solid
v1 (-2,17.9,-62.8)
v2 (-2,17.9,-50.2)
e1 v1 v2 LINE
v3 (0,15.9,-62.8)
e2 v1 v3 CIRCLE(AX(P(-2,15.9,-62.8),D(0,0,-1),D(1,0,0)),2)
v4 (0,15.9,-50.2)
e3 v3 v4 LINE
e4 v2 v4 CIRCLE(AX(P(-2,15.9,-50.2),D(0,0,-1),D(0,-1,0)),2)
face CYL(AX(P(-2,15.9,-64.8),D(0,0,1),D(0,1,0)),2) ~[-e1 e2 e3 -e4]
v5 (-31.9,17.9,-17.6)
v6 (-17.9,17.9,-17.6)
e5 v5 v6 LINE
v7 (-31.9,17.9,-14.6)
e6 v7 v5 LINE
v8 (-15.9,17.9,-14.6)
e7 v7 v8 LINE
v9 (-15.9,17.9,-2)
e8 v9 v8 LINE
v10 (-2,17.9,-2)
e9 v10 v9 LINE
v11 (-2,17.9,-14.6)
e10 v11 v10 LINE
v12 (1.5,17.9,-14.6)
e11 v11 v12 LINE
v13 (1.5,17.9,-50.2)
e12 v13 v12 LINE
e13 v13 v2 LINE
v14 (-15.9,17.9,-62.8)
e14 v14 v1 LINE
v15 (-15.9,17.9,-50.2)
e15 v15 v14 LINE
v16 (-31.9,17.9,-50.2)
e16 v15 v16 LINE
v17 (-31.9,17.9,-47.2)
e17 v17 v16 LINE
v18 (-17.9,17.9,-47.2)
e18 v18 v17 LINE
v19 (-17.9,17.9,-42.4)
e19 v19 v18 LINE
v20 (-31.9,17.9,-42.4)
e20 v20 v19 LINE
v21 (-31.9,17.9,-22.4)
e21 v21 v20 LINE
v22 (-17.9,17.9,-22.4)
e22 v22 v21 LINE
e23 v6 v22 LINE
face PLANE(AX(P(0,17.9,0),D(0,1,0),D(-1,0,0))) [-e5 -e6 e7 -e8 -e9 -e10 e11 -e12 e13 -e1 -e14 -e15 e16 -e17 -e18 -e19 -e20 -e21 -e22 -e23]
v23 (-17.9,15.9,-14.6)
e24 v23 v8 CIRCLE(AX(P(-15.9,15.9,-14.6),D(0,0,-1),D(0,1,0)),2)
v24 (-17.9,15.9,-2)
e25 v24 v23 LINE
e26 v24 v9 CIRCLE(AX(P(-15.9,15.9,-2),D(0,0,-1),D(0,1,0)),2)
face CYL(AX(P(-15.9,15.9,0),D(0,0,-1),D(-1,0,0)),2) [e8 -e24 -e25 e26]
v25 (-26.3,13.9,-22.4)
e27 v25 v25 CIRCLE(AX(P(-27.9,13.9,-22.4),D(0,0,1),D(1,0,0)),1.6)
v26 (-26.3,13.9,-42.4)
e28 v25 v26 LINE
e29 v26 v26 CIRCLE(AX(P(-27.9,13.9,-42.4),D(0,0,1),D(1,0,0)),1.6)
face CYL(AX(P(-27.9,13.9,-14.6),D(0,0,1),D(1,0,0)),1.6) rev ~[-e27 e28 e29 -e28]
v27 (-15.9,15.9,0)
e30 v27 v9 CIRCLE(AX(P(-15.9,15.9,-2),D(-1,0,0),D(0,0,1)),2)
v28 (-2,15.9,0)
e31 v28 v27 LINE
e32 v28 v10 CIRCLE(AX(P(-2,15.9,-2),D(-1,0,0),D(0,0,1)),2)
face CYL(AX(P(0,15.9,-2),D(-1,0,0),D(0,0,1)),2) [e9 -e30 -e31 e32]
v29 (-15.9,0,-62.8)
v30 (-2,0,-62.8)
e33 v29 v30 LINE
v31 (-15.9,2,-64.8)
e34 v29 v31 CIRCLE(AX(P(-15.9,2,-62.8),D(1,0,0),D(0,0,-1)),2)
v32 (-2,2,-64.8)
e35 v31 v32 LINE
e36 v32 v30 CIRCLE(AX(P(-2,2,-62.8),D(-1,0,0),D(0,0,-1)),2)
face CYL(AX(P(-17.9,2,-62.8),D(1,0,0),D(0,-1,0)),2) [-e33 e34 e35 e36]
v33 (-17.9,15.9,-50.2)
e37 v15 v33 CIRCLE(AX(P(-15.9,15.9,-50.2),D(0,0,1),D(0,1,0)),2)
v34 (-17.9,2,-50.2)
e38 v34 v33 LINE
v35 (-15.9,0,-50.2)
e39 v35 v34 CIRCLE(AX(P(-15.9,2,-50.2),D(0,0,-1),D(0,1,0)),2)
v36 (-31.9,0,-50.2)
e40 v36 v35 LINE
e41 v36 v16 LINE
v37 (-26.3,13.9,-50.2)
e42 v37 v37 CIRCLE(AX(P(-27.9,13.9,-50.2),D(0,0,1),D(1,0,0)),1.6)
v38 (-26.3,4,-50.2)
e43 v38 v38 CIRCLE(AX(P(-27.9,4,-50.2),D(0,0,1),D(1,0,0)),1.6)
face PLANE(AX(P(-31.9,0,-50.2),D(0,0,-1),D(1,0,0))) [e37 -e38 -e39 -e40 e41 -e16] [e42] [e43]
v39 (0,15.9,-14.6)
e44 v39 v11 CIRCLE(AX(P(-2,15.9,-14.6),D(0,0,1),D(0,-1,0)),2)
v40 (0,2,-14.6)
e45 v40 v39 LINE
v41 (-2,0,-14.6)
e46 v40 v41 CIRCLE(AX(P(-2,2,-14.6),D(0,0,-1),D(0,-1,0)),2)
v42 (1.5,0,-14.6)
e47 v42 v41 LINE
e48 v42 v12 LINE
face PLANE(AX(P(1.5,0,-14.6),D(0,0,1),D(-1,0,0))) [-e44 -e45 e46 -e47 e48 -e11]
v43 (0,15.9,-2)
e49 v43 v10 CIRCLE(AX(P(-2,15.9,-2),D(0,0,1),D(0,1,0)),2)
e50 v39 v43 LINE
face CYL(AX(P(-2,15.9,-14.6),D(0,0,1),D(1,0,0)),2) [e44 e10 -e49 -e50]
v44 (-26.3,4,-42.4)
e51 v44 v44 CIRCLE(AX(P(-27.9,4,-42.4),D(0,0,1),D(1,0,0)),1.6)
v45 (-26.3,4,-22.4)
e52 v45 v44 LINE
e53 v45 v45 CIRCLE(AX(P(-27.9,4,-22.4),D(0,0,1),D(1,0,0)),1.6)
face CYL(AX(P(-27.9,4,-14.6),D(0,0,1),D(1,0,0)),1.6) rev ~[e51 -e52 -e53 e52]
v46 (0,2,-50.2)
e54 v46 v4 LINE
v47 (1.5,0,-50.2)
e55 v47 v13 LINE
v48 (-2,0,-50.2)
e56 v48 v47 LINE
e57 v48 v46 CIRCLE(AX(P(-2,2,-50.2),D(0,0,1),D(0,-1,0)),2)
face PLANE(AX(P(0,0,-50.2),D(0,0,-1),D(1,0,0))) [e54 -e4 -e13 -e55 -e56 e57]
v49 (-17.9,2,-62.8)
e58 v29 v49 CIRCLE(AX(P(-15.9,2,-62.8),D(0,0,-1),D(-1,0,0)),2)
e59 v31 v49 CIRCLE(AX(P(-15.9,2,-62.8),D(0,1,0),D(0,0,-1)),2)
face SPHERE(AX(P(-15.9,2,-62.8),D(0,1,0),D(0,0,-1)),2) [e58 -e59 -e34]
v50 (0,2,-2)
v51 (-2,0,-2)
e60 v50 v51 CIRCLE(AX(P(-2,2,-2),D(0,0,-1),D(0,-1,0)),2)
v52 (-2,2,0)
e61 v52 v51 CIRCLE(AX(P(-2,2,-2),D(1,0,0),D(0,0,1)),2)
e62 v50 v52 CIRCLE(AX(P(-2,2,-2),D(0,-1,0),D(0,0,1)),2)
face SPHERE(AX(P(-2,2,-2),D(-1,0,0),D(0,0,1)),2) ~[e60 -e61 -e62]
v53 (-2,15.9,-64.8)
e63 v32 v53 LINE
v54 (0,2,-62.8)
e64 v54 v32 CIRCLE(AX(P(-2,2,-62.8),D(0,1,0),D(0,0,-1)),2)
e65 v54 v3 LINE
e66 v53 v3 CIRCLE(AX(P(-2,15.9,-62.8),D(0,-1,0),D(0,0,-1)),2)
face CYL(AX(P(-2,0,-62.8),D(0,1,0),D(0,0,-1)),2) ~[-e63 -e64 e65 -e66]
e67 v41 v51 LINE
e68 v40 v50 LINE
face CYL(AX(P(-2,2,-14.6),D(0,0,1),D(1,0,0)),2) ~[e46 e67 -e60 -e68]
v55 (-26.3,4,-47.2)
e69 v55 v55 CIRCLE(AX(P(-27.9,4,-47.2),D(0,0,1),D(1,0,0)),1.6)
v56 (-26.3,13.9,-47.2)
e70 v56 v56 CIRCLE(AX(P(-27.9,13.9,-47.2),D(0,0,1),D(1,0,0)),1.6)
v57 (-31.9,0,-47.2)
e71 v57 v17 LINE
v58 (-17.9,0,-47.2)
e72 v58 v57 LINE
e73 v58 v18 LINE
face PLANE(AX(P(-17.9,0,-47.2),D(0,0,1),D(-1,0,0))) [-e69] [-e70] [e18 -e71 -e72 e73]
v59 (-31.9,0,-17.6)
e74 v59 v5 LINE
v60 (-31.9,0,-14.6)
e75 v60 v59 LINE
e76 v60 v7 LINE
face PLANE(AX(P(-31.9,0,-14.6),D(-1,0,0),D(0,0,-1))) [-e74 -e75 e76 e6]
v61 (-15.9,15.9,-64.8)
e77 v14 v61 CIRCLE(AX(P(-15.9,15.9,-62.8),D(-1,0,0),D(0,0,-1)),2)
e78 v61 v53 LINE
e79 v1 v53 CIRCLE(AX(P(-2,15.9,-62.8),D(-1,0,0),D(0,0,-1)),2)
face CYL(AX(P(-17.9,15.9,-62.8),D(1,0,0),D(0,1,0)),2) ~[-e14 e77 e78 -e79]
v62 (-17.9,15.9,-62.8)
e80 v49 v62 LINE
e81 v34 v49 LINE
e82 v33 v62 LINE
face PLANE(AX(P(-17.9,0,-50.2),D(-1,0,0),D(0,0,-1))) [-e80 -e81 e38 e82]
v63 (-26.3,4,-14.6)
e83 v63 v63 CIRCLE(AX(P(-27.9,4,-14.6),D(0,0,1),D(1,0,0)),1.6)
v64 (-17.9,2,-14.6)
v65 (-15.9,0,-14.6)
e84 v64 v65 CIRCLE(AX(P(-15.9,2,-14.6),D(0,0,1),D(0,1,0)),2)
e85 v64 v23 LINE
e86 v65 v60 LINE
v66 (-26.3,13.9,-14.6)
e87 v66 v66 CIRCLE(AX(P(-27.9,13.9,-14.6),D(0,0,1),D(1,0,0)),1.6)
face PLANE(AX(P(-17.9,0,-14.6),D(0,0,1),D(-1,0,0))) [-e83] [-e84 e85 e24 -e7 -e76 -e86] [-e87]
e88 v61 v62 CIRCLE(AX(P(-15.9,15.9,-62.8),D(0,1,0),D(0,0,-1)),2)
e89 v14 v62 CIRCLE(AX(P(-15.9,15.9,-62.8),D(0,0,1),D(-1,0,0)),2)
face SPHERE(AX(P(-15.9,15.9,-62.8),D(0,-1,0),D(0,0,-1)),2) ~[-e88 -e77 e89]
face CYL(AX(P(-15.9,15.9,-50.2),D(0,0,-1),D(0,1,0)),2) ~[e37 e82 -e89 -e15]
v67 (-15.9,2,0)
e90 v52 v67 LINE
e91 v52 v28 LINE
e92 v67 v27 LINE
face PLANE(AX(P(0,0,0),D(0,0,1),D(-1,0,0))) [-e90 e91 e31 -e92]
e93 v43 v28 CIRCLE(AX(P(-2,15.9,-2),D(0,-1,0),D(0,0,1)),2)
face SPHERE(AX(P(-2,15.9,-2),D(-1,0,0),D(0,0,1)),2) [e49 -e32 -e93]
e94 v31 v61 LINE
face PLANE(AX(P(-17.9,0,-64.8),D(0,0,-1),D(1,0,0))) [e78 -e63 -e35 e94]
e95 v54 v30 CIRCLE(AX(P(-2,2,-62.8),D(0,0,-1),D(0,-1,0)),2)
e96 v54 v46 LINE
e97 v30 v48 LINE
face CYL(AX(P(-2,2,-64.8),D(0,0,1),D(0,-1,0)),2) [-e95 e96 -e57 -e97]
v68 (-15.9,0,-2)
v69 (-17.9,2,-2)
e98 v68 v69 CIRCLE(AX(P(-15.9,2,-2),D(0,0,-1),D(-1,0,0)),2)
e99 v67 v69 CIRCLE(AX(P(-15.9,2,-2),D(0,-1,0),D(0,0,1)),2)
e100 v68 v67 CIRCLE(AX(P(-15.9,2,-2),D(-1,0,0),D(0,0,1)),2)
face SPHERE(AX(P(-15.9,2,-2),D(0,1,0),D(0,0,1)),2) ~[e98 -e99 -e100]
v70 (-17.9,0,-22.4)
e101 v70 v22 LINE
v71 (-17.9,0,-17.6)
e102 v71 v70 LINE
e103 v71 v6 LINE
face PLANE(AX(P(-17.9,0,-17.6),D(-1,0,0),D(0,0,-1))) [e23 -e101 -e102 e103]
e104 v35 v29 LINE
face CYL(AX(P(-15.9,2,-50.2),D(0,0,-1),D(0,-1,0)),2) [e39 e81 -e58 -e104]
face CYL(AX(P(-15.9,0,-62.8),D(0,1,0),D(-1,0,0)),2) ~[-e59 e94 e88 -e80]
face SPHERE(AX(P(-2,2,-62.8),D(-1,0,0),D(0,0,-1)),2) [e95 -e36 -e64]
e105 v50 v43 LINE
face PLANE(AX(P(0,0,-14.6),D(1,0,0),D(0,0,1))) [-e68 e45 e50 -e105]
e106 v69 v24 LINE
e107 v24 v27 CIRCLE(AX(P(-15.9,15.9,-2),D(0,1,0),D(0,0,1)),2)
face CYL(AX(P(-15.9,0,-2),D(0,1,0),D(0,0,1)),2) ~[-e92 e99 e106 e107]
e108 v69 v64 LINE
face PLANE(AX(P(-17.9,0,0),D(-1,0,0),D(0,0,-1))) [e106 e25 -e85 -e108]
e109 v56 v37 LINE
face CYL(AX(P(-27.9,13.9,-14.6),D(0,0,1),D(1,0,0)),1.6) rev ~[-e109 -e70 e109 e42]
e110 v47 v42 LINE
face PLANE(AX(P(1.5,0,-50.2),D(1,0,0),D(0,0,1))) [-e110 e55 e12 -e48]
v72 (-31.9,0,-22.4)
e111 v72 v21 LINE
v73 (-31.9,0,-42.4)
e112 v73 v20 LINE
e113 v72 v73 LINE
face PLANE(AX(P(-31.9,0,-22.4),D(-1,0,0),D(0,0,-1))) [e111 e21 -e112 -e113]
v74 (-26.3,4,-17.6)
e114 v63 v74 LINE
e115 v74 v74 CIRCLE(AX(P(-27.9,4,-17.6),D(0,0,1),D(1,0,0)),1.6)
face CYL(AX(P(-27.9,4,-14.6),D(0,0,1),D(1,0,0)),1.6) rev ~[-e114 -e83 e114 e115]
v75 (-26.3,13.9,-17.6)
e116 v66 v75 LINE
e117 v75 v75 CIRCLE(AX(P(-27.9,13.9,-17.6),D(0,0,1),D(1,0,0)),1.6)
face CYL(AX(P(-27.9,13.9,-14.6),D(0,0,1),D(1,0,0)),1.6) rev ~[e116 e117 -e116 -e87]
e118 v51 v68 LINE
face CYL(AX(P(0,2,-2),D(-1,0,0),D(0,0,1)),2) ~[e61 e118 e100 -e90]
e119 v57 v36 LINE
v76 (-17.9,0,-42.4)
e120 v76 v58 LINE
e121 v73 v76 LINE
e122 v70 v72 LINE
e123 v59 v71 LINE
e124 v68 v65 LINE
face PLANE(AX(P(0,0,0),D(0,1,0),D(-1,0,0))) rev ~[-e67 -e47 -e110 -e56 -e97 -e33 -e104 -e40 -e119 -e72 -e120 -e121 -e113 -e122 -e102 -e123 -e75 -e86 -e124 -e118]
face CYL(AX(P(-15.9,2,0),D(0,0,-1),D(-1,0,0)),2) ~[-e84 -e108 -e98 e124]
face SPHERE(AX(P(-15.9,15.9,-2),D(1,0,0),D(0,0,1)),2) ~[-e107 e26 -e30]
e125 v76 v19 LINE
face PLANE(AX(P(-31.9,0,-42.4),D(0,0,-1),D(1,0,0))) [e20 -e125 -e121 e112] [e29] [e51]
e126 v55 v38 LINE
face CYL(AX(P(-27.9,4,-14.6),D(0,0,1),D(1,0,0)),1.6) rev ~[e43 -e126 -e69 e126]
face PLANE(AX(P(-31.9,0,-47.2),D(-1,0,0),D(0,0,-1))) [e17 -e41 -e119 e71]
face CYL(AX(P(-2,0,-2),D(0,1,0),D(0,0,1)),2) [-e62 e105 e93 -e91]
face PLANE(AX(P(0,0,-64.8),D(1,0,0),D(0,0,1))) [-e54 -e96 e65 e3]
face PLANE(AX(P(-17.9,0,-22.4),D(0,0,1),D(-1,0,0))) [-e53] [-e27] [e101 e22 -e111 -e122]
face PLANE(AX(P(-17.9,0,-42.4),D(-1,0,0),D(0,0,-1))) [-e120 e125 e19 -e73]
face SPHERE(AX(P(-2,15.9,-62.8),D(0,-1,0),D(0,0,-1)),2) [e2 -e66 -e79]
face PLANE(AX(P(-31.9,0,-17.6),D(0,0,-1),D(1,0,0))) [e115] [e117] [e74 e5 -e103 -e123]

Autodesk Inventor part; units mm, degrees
ref_plane "YZ Plane" through (0, 0, 0) normal (1, 0, 0) x (0, 1, 0)
ref_plane "XZ Plane" through (0, 0, 0) normal (0, 1, 0) x (-1, 0, 0)
ref_plane "XY Plane" through (0, 0, 0) normal (0, 0, 1) x (1, 0, 0)
sketch "Sketch1" plane through (0, 0, 0) normal (0, 1, 0) x (-1, 0, 0)
  line L0 (0, 0) -> (17.9, 0)
  line L1 (17.9, 0) -> (17.9, -64.8)
  line L2 (17.9, -64.8) -> (0, -64.8)
  line L3 (0, -64.8) -> (0, 0)
  line L4 (17.9, -14.6) -> (31.9, -14.6)
  line L5 (31.9, -14.6) -> (31.9, -17.6)
  line L6 (31.9, -17.6) -> (17.9, -17.6)
  line L7 (17.9, -17.6) -> (17.9, -14.6)
  line L8 (17.9, -22.4) -> (31.9, -22.4)
  line L9 (31.9, -22.4) -> (31.9, -42.4)
  line L10 (31.9, -42.4) -> (17.9, -42.4)
  line L11 (17.9, -42.4) -> (17.9, -22.4)
  line L12 (17.9, -47.2) -> (31.9, -47.2)
  line L13 (31.9, -47.2) -> (31.9, -50.2)
  line L14 (31.9, -50.2) -> (17.9, -50.2)
  line L15 (17.9, -50.2) -> (17.9, -47.2)
  line L16 (47.989, -20) -> (-6.1915, -20) construction
  line L17 (47.989, -44.8) -> (-4.845, -44.8) construction
  line L18 (0, -50.2) -> (-1.5, -50.2)
  line L19 (-1.5, -50.2) -> (-1.5, -14.6)
  line L20 (-1.5, -14.6) -> (0, -14.6)
  line L21 (0, -14.6) -> (0, -50.2)
  point P0 (17.9, -42.4)
  point P1 (0, -14.6)
  dimension "d0" = 17.9
  dimension "d2" = 3
  dimension "d4" = 20
  dimension "d5" = 24.8
  dimension "d6" = 2.4
  dimension "d7" = 2.4
  dimension "d8" = 2.4
  dimension "d9" = 2.4
  dimension "d10" = 3
  dimension "d11" = 14
  dimension "d14" = 20
  dimension "d24" = 1.5
extrude "Extrusion1" add sketch "Sketch1" along normal blind 17.9
fillet "Fillet1" radius 2 16 edges at (-17.9, 8.95, -64.8) (-8.95, 0, -64.8) (0, 8.95, -64.8) (-8.95, 17.9, -64.8) (-8.95, 17.9, 0) (-17.9, 8.95, 0) (-8.95, 0, 0) (0, 8.95, 0) (0, 17.9, -7.3) (0, 17.9, -57.5) (0, 0, -7.3) (0, 0, -57.5) (-17.9, 17.9, -57.5) (-17.9, 0, -57.5) (-17.9, 17.9, -7.3) (-17.9, 0, -7.3)
sketch "Sketch2" plane through (-31.9, 0, -14.6) normal (0, 0, 1) x (1, 0, 0)
  circle A0 centre (4, 13.9) radius 1.6
  circle A1 centre (4, 4) radius 1.6
  line L0 (14, 15.9) -> (14, 2) projected
  line L1 (0, 0) -> (16, 0) projected
  line L2 (0, 17.9) -> (16, 17.9) projected
  point P0 (31.9, 0)
  point P1 (14, 17.8)
  point P2 (14, 0)
  point P3 (12, 0)
  point P4 (12, 17.8)
  point P5 (12.5359, 0)
  point P6 (12.5359, 17.8)
  point P7 (16, 17.9)
  dimension "d16" = 3.2
  dimension "d17" = 3.2
  dimension "d18" = 10
  dimension "d19" = 10
  dimension "d20" = 4
  dimension "d21" = 4
extrude "Extrusion2" cut sketch "Sketch2" against normal blind 100
ref_plane "Work Plane1" through (0, 8.95, 0) normal (0, 1, 0) x (1, 0, 0)
equation "\"d7\" = d6"
equation "\"d8\" = d6"
equation "\"d9\" = d6"
equation "\"d19\" = d18"
properties part number "Square_tube_connector"
